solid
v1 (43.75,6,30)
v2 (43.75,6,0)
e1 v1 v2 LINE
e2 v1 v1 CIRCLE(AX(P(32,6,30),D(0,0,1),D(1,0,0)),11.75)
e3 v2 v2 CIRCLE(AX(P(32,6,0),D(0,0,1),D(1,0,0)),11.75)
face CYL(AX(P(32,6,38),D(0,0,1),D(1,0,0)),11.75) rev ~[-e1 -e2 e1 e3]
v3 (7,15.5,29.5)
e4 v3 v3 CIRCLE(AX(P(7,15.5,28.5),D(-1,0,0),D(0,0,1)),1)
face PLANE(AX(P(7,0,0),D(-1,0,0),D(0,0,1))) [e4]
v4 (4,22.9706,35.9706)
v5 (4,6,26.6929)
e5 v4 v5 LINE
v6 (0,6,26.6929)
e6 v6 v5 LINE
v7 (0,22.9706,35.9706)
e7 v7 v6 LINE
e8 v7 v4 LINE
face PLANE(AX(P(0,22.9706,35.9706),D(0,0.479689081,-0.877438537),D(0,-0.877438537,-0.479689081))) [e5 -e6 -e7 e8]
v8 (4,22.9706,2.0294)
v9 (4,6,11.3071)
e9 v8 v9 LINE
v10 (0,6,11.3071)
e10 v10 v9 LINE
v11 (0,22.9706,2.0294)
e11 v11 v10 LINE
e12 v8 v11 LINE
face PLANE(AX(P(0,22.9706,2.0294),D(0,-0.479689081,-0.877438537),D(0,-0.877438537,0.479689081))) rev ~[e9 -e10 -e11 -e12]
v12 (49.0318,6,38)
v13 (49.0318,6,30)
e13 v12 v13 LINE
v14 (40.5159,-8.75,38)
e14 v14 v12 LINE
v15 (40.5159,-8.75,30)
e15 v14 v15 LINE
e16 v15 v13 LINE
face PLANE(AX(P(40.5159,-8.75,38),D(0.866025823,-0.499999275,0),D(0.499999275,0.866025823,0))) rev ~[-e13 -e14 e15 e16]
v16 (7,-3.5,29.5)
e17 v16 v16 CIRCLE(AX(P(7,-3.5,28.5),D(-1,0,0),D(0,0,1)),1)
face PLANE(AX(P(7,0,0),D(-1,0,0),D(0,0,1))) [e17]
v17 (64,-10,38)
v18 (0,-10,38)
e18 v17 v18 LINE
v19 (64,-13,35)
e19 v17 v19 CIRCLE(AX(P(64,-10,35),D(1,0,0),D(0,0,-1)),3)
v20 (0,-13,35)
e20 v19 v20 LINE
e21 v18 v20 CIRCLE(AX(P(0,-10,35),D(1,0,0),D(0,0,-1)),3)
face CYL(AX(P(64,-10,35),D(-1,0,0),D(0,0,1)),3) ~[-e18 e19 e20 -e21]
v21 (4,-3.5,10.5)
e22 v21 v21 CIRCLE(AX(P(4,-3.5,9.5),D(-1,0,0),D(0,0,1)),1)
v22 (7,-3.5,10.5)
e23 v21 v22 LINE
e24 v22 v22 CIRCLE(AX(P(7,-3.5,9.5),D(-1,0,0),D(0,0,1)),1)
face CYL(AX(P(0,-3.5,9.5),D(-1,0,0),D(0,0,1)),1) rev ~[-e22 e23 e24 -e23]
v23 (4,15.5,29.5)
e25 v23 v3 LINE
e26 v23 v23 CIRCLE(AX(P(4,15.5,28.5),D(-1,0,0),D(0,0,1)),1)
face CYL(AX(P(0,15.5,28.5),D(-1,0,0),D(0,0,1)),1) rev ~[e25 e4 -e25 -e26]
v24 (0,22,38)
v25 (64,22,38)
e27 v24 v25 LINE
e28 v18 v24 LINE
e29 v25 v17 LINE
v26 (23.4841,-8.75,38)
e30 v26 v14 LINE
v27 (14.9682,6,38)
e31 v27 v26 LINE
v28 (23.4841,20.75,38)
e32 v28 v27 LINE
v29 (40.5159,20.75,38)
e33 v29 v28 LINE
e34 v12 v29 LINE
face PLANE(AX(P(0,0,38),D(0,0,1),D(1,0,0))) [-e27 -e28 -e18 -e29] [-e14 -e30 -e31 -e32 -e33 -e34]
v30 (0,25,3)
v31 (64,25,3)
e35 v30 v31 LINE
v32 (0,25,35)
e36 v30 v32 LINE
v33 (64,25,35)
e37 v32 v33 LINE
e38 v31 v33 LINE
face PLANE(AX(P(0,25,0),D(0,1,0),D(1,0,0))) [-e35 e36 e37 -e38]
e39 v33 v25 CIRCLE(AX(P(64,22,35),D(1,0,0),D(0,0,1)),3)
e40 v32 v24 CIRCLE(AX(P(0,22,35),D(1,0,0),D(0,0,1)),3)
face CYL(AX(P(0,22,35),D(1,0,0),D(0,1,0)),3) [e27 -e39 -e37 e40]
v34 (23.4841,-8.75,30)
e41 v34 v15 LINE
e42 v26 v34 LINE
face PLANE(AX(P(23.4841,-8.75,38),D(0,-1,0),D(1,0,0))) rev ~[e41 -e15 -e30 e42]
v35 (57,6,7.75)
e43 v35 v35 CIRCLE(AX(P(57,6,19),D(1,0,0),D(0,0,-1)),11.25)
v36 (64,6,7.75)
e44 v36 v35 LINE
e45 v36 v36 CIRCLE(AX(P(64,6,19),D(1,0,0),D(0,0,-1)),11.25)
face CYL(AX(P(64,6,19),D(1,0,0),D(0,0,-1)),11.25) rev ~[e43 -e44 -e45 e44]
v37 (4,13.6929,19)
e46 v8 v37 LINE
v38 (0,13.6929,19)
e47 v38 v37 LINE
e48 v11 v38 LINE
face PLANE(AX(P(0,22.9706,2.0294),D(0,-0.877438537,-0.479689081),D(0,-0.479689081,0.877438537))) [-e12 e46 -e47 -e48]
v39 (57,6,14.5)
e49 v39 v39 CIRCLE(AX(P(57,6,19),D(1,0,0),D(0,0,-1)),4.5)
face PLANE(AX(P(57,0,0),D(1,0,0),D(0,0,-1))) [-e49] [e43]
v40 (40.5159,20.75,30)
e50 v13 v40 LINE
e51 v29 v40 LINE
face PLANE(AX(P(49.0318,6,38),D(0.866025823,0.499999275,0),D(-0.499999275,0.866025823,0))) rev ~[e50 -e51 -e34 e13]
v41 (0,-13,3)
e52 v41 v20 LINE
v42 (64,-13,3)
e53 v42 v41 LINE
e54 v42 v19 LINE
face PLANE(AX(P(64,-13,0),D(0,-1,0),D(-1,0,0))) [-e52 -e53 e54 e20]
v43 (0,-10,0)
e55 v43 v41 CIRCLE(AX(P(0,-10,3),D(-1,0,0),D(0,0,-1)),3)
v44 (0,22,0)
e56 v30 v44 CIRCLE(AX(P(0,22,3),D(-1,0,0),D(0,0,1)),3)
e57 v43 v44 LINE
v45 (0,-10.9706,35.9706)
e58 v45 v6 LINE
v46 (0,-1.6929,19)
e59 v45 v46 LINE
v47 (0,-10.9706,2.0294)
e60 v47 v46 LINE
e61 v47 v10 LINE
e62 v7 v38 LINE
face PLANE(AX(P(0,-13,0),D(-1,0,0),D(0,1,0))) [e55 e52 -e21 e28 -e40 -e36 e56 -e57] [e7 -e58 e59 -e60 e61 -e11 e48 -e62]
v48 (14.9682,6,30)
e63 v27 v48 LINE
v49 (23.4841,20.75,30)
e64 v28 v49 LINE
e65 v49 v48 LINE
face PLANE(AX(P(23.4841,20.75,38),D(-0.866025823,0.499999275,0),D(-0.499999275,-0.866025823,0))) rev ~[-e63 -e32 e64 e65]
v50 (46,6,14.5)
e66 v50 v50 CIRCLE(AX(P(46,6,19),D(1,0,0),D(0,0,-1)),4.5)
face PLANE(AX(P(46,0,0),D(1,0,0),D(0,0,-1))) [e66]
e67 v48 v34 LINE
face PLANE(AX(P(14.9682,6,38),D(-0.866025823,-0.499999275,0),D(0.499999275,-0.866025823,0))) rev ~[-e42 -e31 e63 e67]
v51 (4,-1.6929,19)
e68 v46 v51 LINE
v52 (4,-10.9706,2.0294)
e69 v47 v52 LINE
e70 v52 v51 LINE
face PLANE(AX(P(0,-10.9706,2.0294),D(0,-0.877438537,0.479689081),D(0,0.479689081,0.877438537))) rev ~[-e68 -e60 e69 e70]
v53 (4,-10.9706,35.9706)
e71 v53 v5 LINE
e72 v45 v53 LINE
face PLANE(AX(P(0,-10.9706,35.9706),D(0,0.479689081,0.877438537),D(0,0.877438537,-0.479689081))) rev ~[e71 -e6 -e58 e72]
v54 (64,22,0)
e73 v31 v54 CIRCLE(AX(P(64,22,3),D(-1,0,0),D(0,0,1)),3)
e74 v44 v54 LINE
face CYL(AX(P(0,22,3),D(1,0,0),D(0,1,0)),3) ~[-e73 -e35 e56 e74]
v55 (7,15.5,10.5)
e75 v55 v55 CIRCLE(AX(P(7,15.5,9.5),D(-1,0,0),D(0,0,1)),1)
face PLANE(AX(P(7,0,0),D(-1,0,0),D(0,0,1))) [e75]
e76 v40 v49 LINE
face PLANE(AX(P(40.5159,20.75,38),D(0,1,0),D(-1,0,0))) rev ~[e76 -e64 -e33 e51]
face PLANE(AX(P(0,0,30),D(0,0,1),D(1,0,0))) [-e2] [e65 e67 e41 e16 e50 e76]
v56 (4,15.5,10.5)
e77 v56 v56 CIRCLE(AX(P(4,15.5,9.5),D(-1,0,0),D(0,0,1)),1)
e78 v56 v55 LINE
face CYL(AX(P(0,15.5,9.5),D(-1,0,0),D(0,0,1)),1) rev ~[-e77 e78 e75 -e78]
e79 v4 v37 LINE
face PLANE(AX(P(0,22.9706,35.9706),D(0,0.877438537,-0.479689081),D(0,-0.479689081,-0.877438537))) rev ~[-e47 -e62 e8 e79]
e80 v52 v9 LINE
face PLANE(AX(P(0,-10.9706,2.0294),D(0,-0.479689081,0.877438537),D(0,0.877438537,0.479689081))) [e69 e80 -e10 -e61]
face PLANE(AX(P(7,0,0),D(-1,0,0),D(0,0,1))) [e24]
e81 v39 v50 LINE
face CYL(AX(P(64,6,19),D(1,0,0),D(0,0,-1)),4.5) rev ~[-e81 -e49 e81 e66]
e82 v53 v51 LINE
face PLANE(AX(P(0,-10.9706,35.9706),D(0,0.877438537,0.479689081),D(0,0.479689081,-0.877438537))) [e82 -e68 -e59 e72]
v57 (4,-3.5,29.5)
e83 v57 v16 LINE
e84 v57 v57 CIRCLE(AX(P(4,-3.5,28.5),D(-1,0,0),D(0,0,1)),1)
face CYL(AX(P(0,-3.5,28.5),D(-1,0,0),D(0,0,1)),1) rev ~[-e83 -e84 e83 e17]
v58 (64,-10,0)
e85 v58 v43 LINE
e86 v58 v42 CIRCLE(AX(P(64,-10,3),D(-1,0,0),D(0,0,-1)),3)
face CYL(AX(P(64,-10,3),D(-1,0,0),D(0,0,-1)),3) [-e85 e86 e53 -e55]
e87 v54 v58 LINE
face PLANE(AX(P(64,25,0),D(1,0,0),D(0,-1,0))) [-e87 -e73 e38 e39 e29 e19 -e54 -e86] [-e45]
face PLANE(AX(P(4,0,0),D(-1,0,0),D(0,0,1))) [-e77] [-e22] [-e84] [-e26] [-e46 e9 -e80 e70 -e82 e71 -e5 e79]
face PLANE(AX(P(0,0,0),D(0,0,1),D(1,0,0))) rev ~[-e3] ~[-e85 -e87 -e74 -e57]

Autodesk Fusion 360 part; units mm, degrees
sketch "Sketch1" plane through (0, 0, 0) normal (0, 0, 1) x (1, 0, 0)
  line L0 (0, 25) -> (64, 25)
  line L1 (64, 25) -> (64, -13)
  line L2 (64, -13) -> (0, -13)
  line L3 (0, -13) -> (0, 25)
  dimension "d1" = 64
  dimension "d2" = 38
extrude "Extrude1" add sketch "Sketch1" along normal blind 38
sketch "Sketch2" plane through (0, 0, 38) normal (0, 0, 1) x (1, 0, 0)
  line L0 (0, -13) -> (64, -13)
  line L1 (64, -13) -> (64, 25)
  line L2 (64, 25) -> (0, 25)
  line L3 (0, 25) -> (0, -13)
  line L4 (0, 25) -> (64, -13) construction
  line L5 (40.5159, 20.75) -> (23.4841, 20.75)
  line L6 (23.4841, 20.75) -> (14.9682, 6)
  line L7 (14.9682, 6) -> (23.4841, -8.75)
  line L8 (23.4841, -8.75) -> (40.5159, -8.75)
  line L9 (40.5159, -8.75) -> (49.0318, 6)
  line L10 (49.0318, 6) -> (40.5159, 20.75)
  circle A0 centre (32, 6) radius 11.75
  point P0 (32, 6)
  point P1 (32, 6)
  dimension "d5" = 14.75
  dimension "d8" = 23.5
extrude "Extrude2" cut sketch "Sketch2" against normal blind 8 contours L5 L6 L7 L8 L9 L10 | A0
extrude "Extrude3" cut sketch "Sketch2" against normal blind 52 contours A0
sketch "Sketch4" plane through (0, 0, 0) normal (-1, 0, 0) x (0, 0, 1)
  line L0 (0, 25) -> (0, -13)
  line L1 (0, -13) -> (38, -13)
  line L2 (38, -13) -> (38, 25)
  line L3 (38, 25) -> (0, 25)
  circle A0 centre (19, 6) radius 6.75 construction
  line L4 (2.0294, 22.9706) -> (35.9706, -10.9706) construction
  line L5 (19, 25) -> (19, -13) construction
  line L6 (2.0294, -10.9706) -> (35.9706, 22.9706) construction
  line L7 (2.0294, 22.9706) -> (11.3071, 6)
  line L8 (2.0294, 22.9706) -> (19, 13.6929)
  line L9 (35.9706, 22.9706) -> (19, 13.6929)
  line L10 (35.9706, 22.9706) -> (26.6929, 6)
  line L11 (35.9706, -10.9706) -> (26.6929, 6)
  line L12 (35.9706, -10.9706) -> (19, -1.6929)
  line L13 (2.0294, -10.9706) -> (19, -1.6929)
  line L14 (2.0294, -10.9706) -> (11.3071, 6)
  line L15 (19, 6) -> (2.0294, 22.9706) construction
  line L16 (8.5702, 16.4298) -> (10.5147, 18.3317) construction
  line L17 (9.5, 15.5) -> (11.6895, 17.6895) construction
  line L18 (11.3986, 13.6014) -> (14.1445, 16.3473) construction
  line L19 (12.8128, 12.1872) -> (15.9732, 15.3476) construction
  line L20 (9.5, 15.5) -> (28.5, 15.5) construction
  line L21 (28.5, 15.5) -> (28.5, -3.5) construction
  line L22 (28.5, -3.5) -> (9.5, -3.5) construction
  line L23 (9.5, -3.5) -> (9.5, 15.5) construction
  line L24 (28.5, 15.5) -> (9.5, -3.5) construction
  circle A1 centre (9.5, 15.5) radius 1
  circle A2 centre (28.5, 15.5) radius 1
  circle A3 centre (28.5, -3.5) radius 1
  circle A4 centre (9.5, -3.5) radius 1
  point P0 (19, 6)
  point P1 (12.8128, 12.1872)
  point P2 (11.3986, 13.6014)
  point P3 (9.5, 15.5)
  point P4 (8.5702, 16.4298)
  point P5 (14.227, 10.773)
  point P6 (28.5, 15.5)
  point P7 (9.5, -3.5)
  point P8 (28.5, -3.5)
  dimension "d11" = 13.5
  dimension "d12" = 48
  dimension "d13" = 48
  dimension "d33" = 19
  dimension "d34" = -19
  dimension "d35" = 2
  dimension "d36" = 2
  dimension "d37" = 2
  dimension "d38" = 2
extrude "Extrude4" cut sketch "Sketch4" against normal blind 3 contours L7 L8 L9 L10 L11 L12 L13 L14 | A1 | A2 | A3 | A4
fillet "Fillet1" radius 3 2 edges at (32, 25, 0) (32, -13, 0)
fillet "Fillet2" radius 3 2 edges at (32, 25, 38) (32, -13, 38)
sketch "Sketch5" plane through (64, 0, 0) normal (1, 0, 0) x (0, 0, -1)
  arc A0 (-38, -10) -> (-35, -13) centre (-35, -10) ccw
  line L0 (-35, -13) -> (-3, -13)
  arc A1 (-3, -13) -> (0, -10) centre (-3, -10) ccw
  line L1 (0, -10) -> (0, 22)
  arc A2 (0, 22) -> (-3, 25) centre (-3, 22) ccw
  line L2 (-3, 25) -> (-35, 25)
  arc A3 (-35, 25) -> (-38, 22) centre (-35, 22) ccw
  line L3 (-38, 22) -> (-38, -10)
  circle A4 centre (-19, 6) radius 11.25
  circle A5 centre (-19, 6) radius 4.5
  point P0 (-19, 25)
  point P1 (-19, -13)
  point P2 (-38, 6)
  point P3 (0, 6)
  point P4 (-19, 6)
  dimension "d20" = 22.5
  dimension "d21" = 9
extrude "Extrude5" cut sketch "Sketch5" against normal blind 18 contours A5
extrude "Extrude6" cut sketch "Sketch5" against normal blind 7 contours A4
extrude "Extrude7" cut sketch "Sketch4" against normal blind 4 contours L7 L8 L9 L10 L11 L12 L13 L14 | A1 | A2 | A3 | A4
extrude "Extrude8" cut sketch "Sketch4" against normal blind 7 contours A1 | A2 | A3 | A4
